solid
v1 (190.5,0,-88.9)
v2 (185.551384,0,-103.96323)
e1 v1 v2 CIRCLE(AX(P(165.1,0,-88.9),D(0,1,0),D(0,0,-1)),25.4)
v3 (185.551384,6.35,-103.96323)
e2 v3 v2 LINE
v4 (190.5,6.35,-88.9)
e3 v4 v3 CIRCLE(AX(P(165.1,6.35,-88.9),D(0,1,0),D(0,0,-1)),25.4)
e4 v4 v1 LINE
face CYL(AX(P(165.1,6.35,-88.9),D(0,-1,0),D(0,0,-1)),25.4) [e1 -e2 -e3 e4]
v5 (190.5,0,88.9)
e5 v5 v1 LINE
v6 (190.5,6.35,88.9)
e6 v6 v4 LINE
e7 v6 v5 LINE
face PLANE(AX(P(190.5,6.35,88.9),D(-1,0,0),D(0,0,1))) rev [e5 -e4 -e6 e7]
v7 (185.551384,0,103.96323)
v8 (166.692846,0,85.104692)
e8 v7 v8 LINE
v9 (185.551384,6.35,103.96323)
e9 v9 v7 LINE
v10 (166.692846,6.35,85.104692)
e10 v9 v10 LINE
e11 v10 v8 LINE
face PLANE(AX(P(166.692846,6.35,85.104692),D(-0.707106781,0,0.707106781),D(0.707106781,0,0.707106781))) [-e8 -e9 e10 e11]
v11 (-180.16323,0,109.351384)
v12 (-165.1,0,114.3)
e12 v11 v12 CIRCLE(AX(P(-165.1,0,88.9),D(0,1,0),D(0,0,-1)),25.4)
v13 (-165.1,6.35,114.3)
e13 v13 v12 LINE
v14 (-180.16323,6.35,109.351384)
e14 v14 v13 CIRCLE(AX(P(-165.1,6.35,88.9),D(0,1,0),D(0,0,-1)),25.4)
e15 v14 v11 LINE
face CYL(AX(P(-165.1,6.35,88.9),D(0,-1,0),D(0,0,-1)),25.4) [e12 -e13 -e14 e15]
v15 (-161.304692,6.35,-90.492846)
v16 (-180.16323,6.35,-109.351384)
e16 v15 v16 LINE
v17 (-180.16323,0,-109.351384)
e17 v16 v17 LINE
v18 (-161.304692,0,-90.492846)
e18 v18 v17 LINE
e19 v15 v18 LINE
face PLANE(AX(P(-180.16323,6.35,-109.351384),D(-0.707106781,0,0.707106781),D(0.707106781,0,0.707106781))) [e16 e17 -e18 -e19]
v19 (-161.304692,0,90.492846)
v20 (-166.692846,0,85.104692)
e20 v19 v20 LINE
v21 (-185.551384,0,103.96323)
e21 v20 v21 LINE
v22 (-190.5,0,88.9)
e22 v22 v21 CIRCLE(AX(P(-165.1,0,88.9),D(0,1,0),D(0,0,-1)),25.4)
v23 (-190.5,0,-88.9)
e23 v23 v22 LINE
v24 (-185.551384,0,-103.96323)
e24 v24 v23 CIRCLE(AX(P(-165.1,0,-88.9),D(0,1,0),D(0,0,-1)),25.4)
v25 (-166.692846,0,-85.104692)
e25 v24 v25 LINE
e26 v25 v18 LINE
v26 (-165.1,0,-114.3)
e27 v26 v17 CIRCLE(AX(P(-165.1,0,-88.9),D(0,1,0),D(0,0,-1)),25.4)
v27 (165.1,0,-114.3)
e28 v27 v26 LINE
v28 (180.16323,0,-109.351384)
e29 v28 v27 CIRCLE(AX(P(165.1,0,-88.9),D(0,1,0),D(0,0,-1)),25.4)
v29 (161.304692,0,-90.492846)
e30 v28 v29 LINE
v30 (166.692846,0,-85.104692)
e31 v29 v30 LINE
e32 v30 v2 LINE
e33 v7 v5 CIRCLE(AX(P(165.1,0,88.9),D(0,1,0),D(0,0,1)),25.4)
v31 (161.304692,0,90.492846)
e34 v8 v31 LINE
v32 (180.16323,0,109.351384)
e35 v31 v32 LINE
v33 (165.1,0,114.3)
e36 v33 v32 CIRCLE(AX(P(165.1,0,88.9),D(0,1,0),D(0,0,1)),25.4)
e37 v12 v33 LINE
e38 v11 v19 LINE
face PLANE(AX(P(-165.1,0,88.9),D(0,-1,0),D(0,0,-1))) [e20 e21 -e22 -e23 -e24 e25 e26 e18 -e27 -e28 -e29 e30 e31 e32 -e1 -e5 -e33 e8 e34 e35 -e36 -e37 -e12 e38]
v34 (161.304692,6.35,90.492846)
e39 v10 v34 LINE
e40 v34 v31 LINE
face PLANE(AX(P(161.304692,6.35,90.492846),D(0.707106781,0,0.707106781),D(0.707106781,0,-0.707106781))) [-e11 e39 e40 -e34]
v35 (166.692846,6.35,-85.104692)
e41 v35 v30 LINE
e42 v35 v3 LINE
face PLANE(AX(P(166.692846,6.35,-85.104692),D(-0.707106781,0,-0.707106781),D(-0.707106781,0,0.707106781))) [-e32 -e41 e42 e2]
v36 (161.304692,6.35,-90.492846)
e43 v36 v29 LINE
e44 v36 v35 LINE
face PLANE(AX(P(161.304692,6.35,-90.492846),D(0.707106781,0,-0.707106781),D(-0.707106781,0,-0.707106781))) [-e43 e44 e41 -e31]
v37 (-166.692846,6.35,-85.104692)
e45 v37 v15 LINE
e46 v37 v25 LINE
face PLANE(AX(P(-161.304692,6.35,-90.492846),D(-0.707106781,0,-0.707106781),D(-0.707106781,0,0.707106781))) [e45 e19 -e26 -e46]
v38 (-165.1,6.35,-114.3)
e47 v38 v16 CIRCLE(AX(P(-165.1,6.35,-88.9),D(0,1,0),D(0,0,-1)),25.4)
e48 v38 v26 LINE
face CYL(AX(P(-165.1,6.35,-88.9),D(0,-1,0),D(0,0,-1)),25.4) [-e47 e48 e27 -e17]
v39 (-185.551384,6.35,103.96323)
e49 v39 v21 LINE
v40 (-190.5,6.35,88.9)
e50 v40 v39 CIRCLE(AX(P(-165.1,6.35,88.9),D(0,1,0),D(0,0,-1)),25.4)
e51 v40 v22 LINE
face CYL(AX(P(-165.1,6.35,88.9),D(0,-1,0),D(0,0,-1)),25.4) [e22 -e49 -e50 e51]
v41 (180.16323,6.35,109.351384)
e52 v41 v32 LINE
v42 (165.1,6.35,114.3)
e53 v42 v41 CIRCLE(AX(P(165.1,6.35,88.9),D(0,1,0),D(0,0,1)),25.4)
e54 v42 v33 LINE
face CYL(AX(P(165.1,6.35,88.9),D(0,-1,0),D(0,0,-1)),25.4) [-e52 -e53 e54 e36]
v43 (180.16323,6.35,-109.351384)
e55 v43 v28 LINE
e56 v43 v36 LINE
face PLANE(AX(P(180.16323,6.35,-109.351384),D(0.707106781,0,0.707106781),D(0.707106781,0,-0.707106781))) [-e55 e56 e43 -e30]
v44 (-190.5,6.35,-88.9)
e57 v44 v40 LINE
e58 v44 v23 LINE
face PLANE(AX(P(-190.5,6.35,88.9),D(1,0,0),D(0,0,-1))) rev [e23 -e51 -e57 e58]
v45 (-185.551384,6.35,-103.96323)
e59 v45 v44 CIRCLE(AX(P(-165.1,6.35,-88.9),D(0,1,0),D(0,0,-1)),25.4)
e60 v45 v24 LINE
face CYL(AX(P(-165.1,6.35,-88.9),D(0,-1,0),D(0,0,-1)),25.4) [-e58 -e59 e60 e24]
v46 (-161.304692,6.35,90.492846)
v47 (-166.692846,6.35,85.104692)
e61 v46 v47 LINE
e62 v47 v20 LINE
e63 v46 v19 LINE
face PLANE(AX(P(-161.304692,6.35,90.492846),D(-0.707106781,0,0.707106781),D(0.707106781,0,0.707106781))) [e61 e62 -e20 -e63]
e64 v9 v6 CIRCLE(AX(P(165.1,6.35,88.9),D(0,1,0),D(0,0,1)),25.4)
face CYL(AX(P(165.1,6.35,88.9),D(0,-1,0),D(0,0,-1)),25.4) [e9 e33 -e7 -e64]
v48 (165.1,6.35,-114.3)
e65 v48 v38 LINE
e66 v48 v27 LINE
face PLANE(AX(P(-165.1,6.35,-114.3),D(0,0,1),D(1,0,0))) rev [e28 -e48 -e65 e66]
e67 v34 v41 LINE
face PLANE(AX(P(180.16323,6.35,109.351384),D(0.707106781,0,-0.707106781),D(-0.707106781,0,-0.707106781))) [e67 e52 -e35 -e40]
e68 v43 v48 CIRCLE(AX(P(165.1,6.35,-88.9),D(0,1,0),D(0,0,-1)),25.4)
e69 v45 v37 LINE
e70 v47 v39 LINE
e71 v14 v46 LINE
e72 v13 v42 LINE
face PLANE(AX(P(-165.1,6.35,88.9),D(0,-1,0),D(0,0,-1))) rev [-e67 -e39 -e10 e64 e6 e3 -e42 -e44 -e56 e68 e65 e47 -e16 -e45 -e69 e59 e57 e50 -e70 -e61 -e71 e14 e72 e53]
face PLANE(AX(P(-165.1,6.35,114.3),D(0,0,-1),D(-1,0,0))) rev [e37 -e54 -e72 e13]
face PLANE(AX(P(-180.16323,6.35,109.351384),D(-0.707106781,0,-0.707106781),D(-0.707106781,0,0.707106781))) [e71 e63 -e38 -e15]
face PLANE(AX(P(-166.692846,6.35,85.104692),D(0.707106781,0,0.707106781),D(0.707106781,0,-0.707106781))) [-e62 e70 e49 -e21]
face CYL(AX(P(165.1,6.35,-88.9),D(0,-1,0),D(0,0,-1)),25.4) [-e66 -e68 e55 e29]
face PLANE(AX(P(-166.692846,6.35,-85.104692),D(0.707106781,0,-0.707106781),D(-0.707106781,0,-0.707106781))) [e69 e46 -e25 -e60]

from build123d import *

# Parameters (mm, degrees)
BASE_SUPPORT_DEPTH = 6.35
CUT_EXTRUDE1_DEPTH = 6.35


with BuildPart() as part:
    # Sketch1 → Base Support (new body)
    with BuildSketch(Plane(origin=(0, 0, 0), x_dir=(1, 0, 0), z_dir=(0, 1, 0))):
        with BuildLine():
            Line((-165.1, -114.3), (165.1, -114.3))
            ThreePointArc((165.1, -114.3), (183.060512242, -106.860512242), (190.5, -88.9))
            Line((190.5, -88.9), (190.5, 88.9))
            ThreePointArc((190.5, 88.9), (183.060512242, 106.860512242), (165.1, 114.3))
            Line((165.1, 114.3), (-165.1, 114.3))
            ThreePointArc((-165.1, 114.3), (-183.060512242, 106.860512242), (-190.5, 88.9))
            Line((-190.5, 88.9), (-190.5, -88.9))
            ThreePointArc((-190.5, -88.9), (-183.060512242, -106.860512242), (-165.1, -114.3))
        make_face()
    extrude(amount=BASE_SUPPORT_DEPTH)

    # Sketch2 → Cut-Extrude1 (cut)
    with BuildSketch(Plane(origin=(0, 0, 0), x_dir=(1, 0, 0), z_dir=(0, 1, 0))):
        with BuildLine():
            Line((-180.16323011, -109.351383783), (-161.304692256, -90.492845929))
            Line((-161.304692256, -90.492845929), (-166.692845929, -85.104692256))
            Line((-166.692845929, -85.104692256), (-185.551383783, -103.96323011))
            ThreePointArc((-185.551383783, -103.96323011), (-183.060512242, -106.860512242), (-180.16323011, -109.351383783))
        make_face()
        with BuildLine():
            Line((161.304692256, -90.492845929), (166.692845929, -85.104692256))
            Line((166.692845929, -85.104692256), (185.551383783, -103.96323011))
            ThreePointArc((185.551383783, -103.96323011), (183.060512242, -106.860512242), (180.16323011, -109.351383783))
            Line((180.16323011, -109.351383783), (161.304692256, -90.492845929))
        make_face()
        with BuildLine():
            Line((180.16323011, 109.351383783), (161.304692256, 90.492845929))
            Line((161.304692256, 90.492845929), (166.692845929, 85.104692256))
            Line((166.692845929, 85.104692256), (185.551383783, 103.96323011))
            ThreePointArc((185.551383783, 103.96323011), (183.060512242, 106.860512242), (180.16323011, 109.351383783))
        make_face()
        with BuildLine():
            Line((-166.692845929, 85.104692256), (-185.551383783, 103.96323011))
            ThreePointArc((-185.551383783, 103.96323011), (-183.060512242, 106.860512242), (-180.16323011, 109.351383783))
            Line((-180.16323011, 109.351383783), (-161.304692256, 90.492845929))
            Line((-161.304692256, 90.492845929), (-166.692845929, 85.104692256))
        make_face()
    extrude(amount=CUT_EXTRUDE1_DEPTH, mode=Mode.SUBTRACT)


solid = part.part
